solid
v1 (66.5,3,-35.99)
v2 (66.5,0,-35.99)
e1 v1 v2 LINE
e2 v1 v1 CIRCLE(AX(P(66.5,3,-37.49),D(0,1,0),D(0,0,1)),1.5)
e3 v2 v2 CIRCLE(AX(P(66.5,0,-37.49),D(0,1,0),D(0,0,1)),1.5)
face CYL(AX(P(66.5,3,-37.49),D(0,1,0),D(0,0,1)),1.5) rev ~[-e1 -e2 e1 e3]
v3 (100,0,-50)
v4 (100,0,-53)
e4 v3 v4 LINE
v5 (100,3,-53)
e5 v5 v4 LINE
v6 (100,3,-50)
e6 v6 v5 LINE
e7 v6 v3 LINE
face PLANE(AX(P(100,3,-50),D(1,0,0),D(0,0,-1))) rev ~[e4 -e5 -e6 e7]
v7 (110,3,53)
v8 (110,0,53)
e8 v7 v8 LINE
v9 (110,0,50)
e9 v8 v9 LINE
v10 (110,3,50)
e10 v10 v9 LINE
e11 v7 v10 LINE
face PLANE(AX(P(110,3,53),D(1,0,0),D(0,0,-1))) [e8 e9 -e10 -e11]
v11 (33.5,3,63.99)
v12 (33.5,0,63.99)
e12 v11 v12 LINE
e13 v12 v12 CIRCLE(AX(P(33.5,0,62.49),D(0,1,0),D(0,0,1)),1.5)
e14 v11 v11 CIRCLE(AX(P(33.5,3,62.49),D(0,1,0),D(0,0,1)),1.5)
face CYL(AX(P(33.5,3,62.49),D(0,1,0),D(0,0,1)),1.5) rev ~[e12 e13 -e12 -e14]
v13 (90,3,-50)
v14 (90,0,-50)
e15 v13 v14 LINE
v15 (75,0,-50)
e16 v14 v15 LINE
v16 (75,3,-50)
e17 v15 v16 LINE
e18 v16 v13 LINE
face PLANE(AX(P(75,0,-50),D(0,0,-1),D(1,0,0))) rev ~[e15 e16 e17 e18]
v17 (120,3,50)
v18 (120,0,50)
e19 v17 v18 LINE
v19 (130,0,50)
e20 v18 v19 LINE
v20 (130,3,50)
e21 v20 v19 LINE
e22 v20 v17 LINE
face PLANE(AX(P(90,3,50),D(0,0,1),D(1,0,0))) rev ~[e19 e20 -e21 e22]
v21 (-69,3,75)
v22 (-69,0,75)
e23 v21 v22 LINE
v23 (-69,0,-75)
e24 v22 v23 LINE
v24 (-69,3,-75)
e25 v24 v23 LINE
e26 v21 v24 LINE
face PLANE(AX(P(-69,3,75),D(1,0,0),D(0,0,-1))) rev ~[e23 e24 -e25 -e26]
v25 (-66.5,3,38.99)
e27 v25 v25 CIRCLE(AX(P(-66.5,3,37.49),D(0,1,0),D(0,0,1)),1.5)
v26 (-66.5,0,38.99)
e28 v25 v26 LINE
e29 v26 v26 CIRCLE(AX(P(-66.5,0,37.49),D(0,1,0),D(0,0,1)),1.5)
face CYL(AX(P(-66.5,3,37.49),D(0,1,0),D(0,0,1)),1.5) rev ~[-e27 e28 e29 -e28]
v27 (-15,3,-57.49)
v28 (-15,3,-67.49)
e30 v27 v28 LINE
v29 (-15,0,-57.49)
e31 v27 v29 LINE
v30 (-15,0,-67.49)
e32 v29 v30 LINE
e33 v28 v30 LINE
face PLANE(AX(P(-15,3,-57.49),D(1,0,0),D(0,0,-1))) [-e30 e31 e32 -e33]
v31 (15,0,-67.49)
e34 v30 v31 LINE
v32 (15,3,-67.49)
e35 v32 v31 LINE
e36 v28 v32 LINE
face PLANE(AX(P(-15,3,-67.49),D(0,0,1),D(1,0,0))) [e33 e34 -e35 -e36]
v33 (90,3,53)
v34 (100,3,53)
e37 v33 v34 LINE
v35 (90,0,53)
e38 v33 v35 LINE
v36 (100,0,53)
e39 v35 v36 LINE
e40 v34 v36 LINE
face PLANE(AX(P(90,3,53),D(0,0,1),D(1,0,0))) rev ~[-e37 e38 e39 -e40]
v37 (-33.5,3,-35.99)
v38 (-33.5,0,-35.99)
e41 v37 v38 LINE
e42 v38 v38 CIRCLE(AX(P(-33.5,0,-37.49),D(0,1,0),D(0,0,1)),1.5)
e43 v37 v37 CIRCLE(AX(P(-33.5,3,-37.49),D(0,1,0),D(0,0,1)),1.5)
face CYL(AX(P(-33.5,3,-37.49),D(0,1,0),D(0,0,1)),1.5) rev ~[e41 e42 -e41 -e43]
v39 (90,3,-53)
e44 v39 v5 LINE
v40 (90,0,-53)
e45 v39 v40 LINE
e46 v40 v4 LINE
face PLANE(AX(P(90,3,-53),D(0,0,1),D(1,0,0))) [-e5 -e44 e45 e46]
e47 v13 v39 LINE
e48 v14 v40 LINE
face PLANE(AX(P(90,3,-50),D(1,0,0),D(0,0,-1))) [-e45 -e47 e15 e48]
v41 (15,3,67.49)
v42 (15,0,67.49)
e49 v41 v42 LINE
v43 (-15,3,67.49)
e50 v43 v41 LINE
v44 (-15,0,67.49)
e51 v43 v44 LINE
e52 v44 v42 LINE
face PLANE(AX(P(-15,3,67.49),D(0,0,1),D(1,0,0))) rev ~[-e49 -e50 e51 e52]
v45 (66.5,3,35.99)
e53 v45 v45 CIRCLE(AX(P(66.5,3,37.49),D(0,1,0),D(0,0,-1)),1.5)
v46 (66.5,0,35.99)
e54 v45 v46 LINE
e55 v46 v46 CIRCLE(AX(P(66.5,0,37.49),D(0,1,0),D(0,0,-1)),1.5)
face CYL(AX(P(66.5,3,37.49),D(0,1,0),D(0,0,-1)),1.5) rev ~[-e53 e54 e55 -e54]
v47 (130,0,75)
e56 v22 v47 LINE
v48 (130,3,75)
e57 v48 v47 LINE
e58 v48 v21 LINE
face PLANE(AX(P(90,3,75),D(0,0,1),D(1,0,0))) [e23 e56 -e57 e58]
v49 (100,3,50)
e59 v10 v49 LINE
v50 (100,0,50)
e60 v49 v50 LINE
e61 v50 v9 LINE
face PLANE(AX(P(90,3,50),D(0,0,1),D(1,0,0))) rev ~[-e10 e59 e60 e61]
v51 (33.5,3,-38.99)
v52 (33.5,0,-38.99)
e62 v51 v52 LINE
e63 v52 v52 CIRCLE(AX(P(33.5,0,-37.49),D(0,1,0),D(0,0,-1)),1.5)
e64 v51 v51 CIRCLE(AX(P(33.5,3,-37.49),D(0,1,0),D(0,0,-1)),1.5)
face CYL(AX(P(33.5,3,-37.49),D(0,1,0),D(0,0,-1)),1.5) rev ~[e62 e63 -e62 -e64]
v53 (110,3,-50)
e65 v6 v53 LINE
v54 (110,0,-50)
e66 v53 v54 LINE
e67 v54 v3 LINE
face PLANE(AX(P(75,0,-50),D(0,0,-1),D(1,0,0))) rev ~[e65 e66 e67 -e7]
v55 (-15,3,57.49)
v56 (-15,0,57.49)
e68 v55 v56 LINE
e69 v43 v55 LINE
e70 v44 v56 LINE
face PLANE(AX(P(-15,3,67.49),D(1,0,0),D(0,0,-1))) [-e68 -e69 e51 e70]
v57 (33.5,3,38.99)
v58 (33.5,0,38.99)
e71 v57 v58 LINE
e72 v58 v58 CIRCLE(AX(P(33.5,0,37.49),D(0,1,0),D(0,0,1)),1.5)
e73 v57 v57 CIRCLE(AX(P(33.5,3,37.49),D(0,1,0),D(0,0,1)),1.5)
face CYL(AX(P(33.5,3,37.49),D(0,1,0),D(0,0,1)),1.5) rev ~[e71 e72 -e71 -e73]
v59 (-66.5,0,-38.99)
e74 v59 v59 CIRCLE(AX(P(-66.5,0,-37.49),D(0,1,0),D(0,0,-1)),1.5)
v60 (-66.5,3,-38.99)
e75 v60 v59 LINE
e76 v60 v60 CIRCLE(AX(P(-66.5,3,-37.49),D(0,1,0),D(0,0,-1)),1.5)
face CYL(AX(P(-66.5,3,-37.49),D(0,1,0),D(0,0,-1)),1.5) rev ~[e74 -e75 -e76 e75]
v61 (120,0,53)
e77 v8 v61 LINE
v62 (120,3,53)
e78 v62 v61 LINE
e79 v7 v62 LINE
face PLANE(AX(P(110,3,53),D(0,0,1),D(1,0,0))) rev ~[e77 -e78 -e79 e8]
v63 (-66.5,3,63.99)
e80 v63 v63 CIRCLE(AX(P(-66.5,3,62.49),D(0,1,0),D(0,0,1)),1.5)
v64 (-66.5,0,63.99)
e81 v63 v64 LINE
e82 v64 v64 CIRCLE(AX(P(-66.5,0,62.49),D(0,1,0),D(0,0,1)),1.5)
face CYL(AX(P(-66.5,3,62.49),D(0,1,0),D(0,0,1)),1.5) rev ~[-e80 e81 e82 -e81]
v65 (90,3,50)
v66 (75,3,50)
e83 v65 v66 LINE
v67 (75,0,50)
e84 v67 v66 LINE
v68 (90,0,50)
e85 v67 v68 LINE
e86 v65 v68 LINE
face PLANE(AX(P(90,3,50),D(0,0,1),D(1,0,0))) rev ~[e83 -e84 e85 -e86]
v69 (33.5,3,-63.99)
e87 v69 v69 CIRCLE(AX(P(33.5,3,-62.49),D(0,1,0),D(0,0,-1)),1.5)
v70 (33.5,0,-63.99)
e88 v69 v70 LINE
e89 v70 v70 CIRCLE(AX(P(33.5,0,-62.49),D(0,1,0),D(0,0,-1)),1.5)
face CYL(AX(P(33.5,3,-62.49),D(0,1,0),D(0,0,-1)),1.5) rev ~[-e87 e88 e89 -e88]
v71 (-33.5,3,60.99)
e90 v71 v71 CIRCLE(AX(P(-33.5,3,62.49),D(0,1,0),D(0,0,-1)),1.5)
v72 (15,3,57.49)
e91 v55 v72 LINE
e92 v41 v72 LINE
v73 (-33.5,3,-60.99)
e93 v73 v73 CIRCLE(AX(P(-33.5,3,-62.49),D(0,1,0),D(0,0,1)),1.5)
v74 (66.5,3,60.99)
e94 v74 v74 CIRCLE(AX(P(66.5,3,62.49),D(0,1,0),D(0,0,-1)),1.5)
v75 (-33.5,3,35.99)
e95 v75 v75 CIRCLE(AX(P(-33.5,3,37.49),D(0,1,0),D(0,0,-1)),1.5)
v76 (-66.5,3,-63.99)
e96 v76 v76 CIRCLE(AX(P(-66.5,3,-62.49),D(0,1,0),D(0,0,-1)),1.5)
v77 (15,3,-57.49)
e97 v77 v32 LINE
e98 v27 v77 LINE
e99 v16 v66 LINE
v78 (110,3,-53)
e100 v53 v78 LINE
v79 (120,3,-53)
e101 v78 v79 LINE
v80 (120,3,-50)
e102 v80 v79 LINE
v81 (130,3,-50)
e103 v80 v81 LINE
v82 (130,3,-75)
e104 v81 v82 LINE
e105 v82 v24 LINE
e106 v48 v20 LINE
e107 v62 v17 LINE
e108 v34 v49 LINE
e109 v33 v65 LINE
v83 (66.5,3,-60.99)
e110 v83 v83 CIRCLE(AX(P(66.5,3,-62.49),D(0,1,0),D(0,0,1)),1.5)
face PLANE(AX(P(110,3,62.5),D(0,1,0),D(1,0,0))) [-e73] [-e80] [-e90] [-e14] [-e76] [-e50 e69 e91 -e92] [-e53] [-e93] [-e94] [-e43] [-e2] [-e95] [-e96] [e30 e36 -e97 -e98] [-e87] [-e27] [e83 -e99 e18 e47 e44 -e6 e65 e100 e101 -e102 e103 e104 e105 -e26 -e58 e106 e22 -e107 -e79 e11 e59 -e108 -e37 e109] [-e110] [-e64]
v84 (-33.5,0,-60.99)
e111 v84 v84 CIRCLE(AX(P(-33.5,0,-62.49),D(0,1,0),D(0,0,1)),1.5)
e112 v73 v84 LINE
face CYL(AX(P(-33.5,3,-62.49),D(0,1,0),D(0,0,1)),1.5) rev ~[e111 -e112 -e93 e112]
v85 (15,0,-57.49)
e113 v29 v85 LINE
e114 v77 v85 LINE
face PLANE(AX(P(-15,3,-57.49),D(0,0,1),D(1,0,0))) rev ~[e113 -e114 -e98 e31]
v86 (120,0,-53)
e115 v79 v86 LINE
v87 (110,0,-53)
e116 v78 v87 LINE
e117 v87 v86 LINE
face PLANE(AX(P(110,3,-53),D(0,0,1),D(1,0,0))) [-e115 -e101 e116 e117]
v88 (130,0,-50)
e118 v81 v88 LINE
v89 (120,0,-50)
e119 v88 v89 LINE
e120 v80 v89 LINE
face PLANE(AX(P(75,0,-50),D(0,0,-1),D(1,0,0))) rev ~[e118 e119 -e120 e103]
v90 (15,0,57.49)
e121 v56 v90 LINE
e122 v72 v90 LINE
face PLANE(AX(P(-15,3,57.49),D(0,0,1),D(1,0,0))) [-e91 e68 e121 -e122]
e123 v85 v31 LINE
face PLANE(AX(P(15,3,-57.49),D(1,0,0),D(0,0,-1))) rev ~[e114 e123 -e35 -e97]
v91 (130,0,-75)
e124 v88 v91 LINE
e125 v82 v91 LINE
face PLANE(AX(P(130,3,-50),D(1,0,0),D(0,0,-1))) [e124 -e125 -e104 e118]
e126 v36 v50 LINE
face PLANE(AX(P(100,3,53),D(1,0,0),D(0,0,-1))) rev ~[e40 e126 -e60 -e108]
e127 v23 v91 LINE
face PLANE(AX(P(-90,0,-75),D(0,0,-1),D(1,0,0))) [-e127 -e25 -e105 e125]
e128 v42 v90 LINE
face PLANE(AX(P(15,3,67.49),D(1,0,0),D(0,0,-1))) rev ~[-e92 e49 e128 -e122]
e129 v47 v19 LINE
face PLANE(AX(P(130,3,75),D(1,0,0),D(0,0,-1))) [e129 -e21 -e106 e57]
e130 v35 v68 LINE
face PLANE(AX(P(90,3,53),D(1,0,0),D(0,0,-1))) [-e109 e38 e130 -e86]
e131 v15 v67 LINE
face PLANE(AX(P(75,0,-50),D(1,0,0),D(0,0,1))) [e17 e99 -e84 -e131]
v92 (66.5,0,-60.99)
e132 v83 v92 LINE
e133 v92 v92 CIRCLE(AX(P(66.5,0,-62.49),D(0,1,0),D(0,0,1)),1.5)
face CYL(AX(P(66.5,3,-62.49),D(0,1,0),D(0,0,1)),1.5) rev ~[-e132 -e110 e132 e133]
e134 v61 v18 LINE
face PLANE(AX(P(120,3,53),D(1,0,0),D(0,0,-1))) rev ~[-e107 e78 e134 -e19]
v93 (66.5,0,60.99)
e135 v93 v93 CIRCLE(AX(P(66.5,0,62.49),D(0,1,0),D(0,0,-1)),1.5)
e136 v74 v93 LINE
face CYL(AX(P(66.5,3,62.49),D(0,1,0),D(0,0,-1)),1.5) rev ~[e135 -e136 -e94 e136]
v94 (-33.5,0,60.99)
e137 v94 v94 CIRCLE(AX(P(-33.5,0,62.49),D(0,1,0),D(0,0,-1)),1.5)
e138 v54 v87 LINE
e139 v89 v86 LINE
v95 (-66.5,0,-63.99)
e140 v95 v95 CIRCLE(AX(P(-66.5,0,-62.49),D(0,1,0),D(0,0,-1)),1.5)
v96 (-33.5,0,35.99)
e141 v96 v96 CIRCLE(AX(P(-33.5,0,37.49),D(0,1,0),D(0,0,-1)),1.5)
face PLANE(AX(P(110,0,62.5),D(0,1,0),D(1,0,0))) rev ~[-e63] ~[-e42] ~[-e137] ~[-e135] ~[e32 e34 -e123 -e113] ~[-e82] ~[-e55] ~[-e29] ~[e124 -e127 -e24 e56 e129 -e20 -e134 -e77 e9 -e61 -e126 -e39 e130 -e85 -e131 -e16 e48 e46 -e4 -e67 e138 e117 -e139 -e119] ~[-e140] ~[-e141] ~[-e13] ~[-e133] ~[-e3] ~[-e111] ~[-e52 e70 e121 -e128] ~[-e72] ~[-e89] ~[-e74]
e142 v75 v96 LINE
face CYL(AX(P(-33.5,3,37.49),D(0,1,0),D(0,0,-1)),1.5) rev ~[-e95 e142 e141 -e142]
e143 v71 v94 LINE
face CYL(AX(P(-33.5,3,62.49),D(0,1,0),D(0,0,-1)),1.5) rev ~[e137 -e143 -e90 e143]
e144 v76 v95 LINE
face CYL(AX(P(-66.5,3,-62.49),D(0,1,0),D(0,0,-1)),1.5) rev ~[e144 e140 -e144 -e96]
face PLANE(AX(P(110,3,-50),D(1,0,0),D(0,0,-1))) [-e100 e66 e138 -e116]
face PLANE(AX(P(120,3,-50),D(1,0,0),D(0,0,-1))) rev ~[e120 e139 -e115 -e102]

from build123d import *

# Parameters (mm, degrees)
SKETCH2_W           = 180
SKETCH2_H           = 150
BOSS_EXTRUDE1_DEPTH = 3
SKETCH4_R           = 1.5
CUT_EXTRUDE1_DEPTH  = 3
SKETCH5_W           = 30
SKETCH5_H           = 100
CUT_EXTRUDE2_DEPTH  = 3
SKETCH7_W           = 40
SKETCH7_H           = 25
BOSS_EXTRUDE4_DEPTH = 3
SKETCH8_W           = 10
SKETCH8_H           = 3
CUT_EXTRUDE4_DEPTH  = 10
SKETCH9_W           = 21
SKETCH9_H           = 150
CUT_EXTRUDE5_DEPTH  = 10
SKETCH10_W          = 30
SKETCH10_H          = 10
CUT_EXTRUDE6_DEPTH  = 10


with BuildPart() as part:
    # Sketch2 → Boss-Extrude1 (new body)
    with BuildSketch(Plane(origin=(0, 0, 0), x_dir=(1, 0, 0), z_dir=(0, 1, 0))):
        Rectangle(SKETCH2_W, SKETCH2_H)
    extrude(amount=BOSS_EXTRUDE1_DEPTH)

    # Sketch4 → Cut-Extrude1 (cut)
    with BuildSketch(Plane(origin=(0, 3, 0), x_dir=(1, 0, 0), z_dir=(0, 1, 0))):
        with Locations(Location((-66.5, -62.49, 0), (0, 0, 270))):
            Circle(SKETCH4_R)
        with Locations(Location((-66.5, -37.49, 0), (0, 0, 270))):
            Circle(SKETCH4_R)
        with Locations(Location((-33.5, -62.49, 0), (0, 0, 90))):
            Circle(SKETCH4_R)
        with Locations(Location((-33.5, -37.49, 0), (0, 0, 90))):
            Circle(SKETCH4_R)
        with Locations(Location((-66.5, 62.49, 0), (0, 0, 90))):
            Circle(SKETCH4_R)
        with Locations(Location((-66.5, 37.49, 0), (0, 0, 90))):
            Circle(SKETCH4_R)
        with Locations(Location((-33.5, 62.49, 0), (0, 0, 270))):
            Circle(SKETCH4_R)
        with Locations(Location((-33.5, 37.49, 0), (0, 0, 270))):
            Circle(SKETCH4_R)
        with Locations(Location((66.5, -62.49, 0), (0, 0, 90))):
            Circle(SKETCH4_R)
        with Locations(Location((33.5, -62.49, 0), (0, 0, 270))):
            Circle(SKETCH4_R)
        with Locations(Location((33.5, -37.49, 0), (0, 0, 270))):
            Circle(SKETCH4_R)
        with Locations(Location((66.5, -37.49, 0), (0, 0, 90))):
            Circle(SKETCH4_R)
        with Locations(Location((66.5, 37.49, 0), (0, 0, 270))):
            Circle(SKETCH4_R)
        with Locations(Location((66.5, 62.49, 0), (0, 0, 270))):
            Circle(SKETCH4_R)
        with Locations(Location((33.5, 62.49, 0), (0, 0, 90))):
            Circle(SKETCH4_R)
        with Locations(Location((33.5, 37.49, 0), (0, 0, 90))):
            Circle(SKETCH4_R)
    extrude(amount=-CUT_EXTRUDE1_DEPTH, mode=Mode.SUBTRACT)

    # Sketch5 → Cut-Extrude2 (cut)
    with BuildSketch(Plane.XZ):
        with Locations((90, 0)):
            Rectangle(SKETCH5_W, SKETCH5_H)
    extrude(amount=-CUT_EXTRUDE2_DEPTH, mode=Mode.SUBTRACT)

    # Sketch7 → Boss-Extrude4 (add)
    with BuildSketch(Plane(origin=(0, 3, 0), x_dir=(1, 0, 0), z_dir=(0, 1, 0))):
        with Locations((110, -62.5)):
            Rectangle(SKETCH7_W, SKETCH7_H)
        with Locations((110, 62.5)):
            Rectangle(SKETCH7_W, SKETCH7_H)
    extrude(amount=-BOSS_EXTRUDE4_DEPTH)

    # Sketch8 → Cut-Extrude4 (cut)
    with BuildSketch(Plane(origin=(0, 3, 0), x_dir=(1, 0, 0), z_dir=(0, 1, 0))):
        with Locations((115, 51.5)):
            Rectangle(SKETCH8_W, SKETCH8_H)
        with Locations((95, 51.5)):
            Rectangle(SKETCH8_W, SKETCH8_H)
        with Locations((115, -51.5)):
            Rectangle(SKETCH8_W, SKETCH8_H)
        with Locations((95, -51.5)):
            Rectangle(SKETCH8_W, SKETCH8_H)
    extrude(amount=-CUT_EXTRUDE4_DEPTH, mode=Mode.SUBTRACT)

    # Sketch9 → Cut-Extrude5 (cut)
    with BuildSketch(Plane(origin=(0, 3, 0), x_dir=(1, 0, 0), z_dir=(0, 1, 0))):
        with Locations((-79.5, 0)):
            Rectangle(SKETCH9_W, SKETCH9_H)
    extrude(amount=-CUT_EXTRUDE5_DEPTH, mode=Mode.SUBTRACT)

    # Sketch10 → Cut-Extrude6 (cut)
    with BuildSketch(Plane(origin=(0, 3, 0), x_dir=(1, 0, 0), z_dir=(0, 1, 0))):
        with Locations((0, -62.49)):
            Rectangle(SKETCH10_W, SKETCH10_H)
        with Locations((0, 62.49)):
            Rectangle(SKETCH10_W, SKETCH10_H)
    extrude(amount=-CUT_EXTRUDE6_DEPTH, mode=Mode.SUBTRACT)


solid = part.part
